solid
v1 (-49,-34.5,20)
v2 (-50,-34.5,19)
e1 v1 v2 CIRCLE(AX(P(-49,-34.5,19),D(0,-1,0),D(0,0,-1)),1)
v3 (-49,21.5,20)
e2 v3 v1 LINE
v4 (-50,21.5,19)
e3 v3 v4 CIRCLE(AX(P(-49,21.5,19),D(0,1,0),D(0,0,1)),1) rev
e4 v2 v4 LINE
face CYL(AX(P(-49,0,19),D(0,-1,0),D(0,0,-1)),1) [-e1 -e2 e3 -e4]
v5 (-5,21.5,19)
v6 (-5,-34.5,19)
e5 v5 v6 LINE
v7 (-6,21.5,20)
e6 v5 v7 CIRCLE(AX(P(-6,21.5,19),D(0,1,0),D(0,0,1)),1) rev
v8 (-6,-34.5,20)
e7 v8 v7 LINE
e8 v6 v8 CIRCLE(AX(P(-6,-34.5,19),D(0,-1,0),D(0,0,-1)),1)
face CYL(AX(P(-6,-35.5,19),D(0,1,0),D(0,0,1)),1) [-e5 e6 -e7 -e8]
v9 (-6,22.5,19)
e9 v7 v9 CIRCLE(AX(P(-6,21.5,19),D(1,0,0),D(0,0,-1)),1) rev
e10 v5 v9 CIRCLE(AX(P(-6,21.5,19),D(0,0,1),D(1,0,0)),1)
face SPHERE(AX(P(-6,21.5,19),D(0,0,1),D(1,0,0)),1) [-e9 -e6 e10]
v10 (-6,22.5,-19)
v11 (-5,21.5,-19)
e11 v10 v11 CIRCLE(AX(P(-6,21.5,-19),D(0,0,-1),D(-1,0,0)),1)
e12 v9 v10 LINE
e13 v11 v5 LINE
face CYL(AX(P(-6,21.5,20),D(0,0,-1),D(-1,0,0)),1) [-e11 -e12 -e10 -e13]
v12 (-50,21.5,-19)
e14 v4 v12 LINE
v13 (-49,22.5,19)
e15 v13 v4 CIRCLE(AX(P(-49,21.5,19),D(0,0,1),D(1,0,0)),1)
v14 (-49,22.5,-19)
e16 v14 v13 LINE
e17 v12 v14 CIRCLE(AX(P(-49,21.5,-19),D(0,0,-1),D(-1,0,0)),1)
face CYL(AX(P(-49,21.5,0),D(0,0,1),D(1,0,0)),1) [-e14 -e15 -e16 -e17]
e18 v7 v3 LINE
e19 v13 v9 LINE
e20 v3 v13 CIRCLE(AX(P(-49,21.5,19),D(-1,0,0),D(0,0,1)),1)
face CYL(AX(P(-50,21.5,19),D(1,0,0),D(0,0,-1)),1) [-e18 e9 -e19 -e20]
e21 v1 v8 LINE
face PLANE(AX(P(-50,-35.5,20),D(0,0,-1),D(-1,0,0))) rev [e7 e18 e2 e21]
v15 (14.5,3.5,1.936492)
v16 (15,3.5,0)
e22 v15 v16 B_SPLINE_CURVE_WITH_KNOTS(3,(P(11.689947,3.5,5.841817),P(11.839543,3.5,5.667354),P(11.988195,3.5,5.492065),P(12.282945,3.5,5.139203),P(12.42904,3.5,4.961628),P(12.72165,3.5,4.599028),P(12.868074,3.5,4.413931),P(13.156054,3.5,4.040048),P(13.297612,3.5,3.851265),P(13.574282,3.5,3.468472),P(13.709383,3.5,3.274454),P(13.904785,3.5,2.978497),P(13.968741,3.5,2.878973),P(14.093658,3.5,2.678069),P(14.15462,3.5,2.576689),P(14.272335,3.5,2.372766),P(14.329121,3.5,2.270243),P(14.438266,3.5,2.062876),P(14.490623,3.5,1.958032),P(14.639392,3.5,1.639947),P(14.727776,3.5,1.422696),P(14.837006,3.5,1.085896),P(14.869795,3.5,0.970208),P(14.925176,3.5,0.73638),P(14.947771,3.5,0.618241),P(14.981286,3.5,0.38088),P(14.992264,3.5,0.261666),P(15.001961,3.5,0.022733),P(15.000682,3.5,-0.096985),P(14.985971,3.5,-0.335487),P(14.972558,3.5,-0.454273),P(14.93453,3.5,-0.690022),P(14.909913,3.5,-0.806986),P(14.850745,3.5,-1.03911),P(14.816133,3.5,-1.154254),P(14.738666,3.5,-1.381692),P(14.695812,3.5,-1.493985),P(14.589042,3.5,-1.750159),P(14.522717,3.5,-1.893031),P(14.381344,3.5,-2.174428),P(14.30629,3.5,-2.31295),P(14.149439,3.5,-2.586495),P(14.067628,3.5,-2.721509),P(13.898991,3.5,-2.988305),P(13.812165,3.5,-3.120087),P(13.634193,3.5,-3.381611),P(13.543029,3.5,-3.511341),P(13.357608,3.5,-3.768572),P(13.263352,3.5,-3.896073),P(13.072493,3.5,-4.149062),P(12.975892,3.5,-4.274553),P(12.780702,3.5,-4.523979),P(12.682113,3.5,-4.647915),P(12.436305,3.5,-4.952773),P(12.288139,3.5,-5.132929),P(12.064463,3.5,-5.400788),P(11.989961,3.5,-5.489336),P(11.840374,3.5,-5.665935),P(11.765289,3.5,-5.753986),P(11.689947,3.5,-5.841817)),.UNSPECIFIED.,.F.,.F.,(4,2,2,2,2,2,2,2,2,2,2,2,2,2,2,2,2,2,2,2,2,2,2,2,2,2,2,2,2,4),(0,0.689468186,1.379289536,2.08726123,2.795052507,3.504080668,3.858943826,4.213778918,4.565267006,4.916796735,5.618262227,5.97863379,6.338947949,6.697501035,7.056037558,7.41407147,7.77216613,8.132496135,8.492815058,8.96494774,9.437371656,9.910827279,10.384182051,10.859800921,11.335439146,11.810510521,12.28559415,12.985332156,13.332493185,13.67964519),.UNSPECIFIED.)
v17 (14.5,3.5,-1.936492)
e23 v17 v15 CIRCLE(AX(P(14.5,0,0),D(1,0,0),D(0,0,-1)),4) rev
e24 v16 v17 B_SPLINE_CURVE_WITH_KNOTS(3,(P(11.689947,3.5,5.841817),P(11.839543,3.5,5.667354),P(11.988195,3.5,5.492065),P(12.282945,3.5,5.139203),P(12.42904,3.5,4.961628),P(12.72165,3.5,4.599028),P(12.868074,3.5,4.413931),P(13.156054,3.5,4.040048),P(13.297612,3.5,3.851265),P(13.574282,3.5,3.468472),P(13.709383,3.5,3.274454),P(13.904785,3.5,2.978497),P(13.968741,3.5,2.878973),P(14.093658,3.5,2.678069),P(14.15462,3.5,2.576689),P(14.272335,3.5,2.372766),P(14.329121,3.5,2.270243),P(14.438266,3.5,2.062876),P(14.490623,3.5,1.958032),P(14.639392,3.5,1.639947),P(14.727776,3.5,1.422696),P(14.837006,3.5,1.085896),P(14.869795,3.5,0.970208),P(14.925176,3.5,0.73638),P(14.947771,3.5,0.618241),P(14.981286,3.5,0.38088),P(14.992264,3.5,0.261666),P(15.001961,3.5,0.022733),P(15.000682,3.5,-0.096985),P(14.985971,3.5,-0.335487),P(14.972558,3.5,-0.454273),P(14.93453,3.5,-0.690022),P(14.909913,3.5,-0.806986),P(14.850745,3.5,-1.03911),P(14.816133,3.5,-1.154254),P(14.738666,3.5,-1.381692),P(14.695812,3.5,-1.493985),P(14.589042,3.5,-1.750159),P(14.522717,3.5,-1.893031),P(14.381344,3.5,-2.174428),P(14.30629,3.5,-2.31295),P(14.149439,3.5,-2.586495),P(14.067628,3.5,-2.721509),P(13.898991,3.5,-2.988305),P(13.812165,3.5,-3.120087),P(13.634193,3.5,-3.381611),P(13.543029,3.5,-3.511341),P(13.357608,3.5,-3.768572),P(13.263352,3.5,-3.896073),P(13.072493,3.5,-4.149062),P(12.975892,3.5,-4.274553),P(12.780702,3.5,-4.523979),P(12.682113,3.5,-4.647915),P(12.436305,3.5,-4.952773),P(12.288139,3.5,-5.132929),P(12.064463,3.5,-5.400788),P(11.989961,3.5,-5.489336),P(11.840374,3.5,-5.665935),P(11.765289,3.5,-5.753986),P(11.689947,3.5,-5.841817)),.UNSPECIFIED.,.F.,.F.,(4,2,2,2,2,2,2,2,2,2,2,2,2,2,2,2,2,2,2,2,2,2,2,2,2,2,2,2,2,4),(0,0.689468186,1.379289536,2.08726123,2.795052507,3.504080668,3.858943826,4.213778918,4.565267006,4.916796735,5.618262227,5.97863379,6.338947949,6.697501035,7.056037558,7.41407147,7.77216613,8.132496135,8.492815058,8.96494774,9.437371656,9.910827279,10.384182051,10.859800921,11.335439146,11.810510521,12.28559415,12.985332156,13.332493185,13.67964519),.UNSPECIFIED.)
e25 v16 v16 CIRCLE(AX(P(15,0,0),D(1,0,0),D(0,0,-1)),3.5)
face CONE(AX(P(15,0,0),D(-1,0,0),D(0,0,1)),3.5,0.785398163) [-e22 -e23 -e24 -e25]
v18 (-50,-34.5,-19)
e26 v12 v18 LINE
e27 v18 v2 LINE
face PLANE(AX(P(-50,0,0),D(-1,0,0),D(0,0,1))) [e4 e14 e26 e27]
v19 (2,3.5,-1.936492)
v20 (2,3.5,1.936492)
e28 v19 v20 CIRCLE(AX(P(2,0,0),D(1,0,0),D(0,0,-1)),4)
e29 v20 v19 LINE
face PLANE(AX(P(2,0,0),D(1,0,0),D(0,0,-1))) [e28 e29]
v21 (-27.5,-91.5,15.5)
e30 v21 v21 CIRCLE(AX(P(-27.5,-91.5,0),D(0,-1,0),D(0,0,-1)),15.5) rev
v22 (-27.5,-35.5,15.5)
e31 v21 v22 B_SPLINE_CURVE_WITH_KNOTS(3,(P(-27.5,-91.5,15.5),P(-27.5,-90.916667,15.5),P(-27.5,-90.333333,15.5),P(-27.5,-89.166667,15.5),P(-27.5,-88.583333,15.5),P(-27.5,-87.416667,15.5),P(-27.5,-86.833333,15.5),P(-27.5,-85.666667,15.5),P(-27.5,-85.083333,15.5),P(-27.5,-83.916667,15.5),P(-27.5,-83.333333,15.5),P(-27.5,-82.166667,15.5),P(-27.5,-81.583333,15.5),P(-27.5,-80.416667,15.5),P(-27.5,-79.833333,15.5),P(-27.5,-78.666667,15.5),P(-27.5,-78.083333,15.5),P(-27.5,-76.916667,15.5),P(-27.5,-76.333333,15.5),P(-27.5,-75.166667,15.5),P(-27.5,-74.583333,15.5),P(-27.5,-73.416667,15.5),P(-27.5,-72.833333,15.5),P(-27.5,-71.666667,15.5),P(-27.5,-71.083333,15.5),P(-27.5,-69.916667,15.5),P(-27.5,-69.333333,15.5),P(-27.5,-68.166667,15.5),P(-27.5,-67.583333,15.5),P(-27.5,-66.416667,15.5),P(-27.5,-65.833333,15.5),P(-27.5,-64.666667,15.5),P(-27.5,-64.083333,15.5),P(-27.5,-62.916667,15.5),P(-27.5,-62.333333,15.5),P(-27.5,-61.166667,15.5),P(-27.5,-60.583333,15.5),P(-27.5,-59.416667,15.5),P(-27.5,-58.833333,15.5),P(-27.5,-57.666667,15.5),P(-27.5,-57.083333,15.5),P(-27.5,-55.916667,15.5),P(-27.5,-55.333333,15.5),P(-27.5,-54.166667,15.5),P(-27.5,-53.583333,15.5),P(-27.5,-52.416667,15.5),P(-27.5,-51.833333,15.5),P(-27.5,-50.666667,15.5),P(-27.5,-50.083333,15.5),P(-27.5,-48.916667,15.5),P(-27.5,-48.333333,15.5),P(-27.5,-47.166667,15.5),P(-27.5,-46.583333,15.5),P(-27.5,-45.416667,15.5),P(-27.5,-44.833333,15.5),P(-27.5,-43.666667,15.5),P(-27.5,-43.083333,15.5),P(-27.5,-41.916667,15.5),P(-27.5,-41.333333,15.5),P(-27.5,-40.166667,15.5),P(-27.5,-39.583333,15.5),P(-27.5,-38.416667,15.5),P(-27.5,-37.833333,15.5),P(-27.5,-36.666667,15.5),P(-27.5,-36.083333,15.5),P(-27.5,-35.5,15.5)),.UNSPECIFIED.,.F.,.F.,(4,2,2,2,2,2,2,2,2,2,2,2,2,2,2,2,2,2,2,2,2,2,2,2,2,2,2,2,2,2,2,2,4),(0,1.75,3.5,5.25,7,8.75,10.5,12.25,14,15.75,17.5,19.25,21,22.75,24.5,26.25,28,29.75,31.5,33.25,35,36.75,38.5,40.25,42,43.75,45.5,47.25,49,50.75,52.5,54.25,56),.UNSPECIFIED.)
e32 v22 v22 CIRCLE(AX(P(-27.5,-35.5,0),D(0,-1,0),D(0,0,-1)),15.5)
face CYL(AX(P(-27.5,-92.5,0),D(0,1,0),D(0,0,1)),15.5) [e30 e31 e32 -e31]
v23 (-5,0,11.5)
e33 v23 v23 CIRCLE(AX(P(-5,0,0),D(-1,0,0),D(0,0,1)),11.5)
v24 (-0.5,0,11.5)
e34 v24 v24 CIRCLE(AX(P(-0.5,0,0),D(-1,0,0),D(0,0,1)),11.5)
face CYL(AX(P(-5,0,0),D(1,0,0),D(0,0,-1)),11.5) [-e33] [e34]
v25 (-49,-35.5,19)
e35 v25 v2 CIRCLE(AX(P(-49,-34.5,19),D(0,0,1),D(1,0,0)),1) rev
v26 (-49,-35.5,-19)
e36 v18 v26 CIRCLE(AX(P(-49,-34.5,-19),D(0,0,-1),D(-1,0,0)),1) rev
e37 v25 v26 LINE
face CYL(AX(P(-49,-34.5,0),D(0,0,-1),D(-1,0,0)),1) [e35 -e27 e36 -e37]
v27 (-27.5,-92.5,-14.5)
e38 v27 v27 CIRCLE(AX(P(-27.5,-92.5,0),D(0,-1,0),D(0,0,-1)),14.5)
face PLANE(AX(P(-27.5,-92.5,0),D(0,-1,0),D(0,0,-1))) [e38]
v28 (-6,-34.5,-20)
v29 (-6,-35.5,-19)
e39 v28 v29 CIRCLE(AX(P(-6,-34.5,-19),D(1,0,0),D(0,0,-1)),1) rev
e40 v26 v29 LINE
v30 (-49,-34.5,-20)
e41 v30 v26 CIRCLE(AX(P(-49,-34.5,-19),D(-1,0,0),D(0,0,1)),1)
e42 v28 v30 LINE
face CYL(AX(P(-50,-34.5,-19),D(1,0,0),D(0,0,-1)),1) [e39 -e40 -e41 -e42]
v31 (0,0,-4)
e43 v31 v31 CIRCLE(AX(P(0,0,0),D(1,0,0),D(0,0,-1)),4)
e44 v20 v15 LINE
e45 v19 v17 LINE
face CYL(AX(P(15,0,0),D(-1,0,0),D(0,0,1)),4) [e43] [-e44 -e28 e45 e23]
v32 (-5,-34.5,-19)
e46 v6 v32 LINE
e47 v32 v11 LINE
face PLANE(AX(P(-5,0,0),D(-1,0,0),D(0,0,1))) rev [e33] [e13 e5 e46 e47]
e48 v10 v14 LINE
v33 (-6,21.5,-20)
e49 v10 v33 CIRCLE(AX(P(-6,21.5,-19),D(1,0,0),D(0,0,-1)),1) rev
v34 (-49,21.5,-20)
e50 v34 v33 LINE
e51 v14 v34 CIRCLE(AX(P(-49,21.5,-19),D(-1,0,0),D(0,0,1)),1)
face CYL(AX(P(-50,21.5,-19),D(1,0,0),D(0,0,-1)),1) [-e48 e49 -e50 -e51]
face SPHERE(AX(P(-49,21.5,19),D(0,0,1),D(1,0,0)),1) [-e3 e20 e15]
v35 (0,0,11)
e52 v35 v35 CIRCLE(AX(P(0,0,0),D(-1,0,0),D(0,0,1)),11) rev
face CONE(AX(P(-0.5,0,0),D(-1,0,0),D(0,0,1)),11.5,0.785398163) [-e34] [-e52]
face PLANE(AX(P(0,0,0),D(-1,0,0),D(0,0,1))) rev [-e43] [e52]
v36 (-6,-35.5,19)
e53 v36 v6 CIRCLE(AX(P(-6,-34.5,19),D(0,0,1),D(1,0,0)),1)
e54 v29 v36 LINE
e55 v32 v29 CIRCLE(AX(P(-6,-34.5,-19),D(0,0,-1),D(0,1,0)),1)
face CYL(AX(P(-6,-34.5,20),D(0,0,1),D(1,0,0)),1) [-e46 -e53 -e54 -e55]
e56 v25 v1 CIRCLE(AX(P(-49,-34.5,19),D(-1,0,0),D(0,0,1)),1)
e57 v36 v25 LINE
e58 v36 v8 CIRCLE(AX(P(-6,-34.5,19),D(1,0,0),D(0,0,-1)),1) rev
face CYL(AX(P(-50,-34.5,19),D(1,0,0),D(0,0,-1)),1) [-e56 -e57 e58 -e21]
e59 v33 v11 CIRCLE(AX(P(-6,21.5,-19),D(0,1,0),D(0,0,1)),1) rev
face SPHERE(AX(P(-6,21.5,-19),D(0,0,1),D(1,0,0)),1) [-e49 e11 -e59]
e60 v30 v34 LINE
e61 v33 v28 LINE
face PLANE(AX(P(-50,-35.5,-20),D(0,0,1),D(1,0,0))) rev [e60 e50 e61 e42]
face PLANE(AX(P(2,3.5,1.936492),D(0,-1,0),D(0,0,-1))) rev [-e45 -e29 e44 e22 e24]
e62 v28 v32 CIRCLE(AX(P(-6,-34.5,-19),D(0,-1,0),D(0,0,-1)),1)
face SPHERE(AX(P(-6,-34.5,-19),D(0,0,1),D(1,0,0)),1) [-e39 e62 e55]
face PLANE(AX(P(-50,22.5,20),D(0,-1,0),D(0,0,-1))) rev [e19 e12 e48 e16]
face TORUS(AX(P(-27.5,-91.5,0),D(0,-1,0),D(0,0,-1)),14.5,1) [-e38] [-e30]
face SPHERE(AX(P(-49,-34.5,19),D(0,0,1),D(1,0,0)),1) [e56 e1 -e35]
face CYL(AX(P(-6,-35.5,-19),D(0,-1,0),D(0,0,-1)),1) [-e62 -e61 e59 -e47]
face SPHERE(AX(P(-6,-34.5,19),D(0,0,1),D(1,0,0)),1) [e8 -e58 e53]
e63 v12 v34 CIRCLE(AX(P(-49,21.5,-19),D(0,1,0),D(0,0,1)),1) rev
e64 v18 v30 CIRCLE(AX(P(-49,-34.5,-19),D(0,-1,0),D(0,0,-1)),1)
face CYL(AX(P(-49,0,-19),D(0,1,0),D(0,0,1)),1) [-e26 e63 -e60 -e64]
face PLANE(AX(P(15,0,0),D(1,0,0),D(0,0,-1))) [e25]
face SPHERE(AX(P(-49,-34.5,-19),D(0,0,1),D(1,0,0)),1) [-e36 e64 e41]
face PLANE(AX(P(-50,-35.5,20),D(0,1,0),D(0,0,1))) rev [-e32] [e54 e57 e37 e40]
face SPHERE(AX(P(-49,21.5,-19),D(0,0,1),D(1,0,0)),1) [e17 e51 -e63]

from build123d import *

# Parameters (mm, degrees)
SKETCH1_R           = 4
BOSS_EXTRUDE1_DEPTH = 15
SKETCH2_R           = 11.5
BOSS_EXTRUDE2_DEPTH = 5
SKETCH3_W           = 40
SKETCH3_H           = 58
BOSS_EXTRUDE3_DEPTH = 45
SKETCH6_R           = 15.5
BOSS_EXTRUDE4_DEPTH = 57
CHAMFER1_SIZE       = 0.5
FILLET1_R           = 1
SKETCH4_W           = 3.872983346
SKETCH4_H           = 7.5
CUT_EXTRUDE1_DEPTH  = 13


with BuildPart() as part:
    # Sketch1 → Boss-Extrude1 (new body)
    with BuildSketch(Plane(origin=(0, 0, 0), x_dir=(0, 0, -1), z_dir=(1, 0, 0))):
        Circle(SKETCH1_R)
    extrude(amount=BOSS_EXTRUDE1_DEPTH)

    # Sketch2 → Boss-Extrude2 (add)
    with BuildSketch(Plane.ZY):
        Circle(SKETCH2_R)
    extrude(amount=BOSS_EXTRUDE2_DEPTH)

    # Sketch3 → Boss-Extrude3 (add)
    with BuildSketch(Plane.ZY.offset(5)):
        with Locations((0, -6.5)):
            Rectangle(SKETCH3_W, SKETCH3_H)
    extrude(amount=BOSS_EXTRUDE3_DEPTH)

    # Sketch6 → Boss-Extrude4 (add)
    with BuildSketch(Plane.XZ.offset(35.5)):
        with Locations(Location((-27.5, 0, 0), (0, 0, 90))):
            Circle(SKETCH6_R)
    extrude(amount=BOSS_EXTRUDE4_DEPTH)

    # Chamfer1
    chamfer1_edges = [part.edges().sort_by_distance(p)[0] for p in [
        (15, 0, 4),
        (0, 0, -11.5),
    ]]
    chamfer(chamfer1_edges, length=CHAMFER1_SIZE)

    # Fillet1
    fillet1_edges = [part.edges().sort_by_distance(p)[0] for p in [
        (-27.5, 22.5, -20),
        (-5, -35.5, 0),
        (-27.5, -35.5, -20),
        (-5, -6.5, 20),
        (-27.5, -35.5, 20),
        (-5, 22.5, 0),
        (-27.5, 22.5, 20),
        (-50, -6.5, -20),
        (-50, -35.5, 0),
        (-50, -6.5, 20),
        (-50, 22.5, 0),
        (-27.5, -92.5, -15.5),
        (-5, -6.5, -20),
    ]]
    fillet(fillet1_edges, radius=FILLET1_R)

    # Sketch4 → Cut-Extrude1 (cut)
    with BuildSketch(Plane(origin=(15, 0, 0), x_dir=(0, 0, -1), z_dir=(1, 0, 0))):
        with Locations((0, 7.25)):
            Rectangle(SKETCH4_W, SKETCH4_H)
    extrude(amount=-CUT_EXTRUDE1_DEPTH, mode=Mode.SUBTRACT)


solid = part.part
